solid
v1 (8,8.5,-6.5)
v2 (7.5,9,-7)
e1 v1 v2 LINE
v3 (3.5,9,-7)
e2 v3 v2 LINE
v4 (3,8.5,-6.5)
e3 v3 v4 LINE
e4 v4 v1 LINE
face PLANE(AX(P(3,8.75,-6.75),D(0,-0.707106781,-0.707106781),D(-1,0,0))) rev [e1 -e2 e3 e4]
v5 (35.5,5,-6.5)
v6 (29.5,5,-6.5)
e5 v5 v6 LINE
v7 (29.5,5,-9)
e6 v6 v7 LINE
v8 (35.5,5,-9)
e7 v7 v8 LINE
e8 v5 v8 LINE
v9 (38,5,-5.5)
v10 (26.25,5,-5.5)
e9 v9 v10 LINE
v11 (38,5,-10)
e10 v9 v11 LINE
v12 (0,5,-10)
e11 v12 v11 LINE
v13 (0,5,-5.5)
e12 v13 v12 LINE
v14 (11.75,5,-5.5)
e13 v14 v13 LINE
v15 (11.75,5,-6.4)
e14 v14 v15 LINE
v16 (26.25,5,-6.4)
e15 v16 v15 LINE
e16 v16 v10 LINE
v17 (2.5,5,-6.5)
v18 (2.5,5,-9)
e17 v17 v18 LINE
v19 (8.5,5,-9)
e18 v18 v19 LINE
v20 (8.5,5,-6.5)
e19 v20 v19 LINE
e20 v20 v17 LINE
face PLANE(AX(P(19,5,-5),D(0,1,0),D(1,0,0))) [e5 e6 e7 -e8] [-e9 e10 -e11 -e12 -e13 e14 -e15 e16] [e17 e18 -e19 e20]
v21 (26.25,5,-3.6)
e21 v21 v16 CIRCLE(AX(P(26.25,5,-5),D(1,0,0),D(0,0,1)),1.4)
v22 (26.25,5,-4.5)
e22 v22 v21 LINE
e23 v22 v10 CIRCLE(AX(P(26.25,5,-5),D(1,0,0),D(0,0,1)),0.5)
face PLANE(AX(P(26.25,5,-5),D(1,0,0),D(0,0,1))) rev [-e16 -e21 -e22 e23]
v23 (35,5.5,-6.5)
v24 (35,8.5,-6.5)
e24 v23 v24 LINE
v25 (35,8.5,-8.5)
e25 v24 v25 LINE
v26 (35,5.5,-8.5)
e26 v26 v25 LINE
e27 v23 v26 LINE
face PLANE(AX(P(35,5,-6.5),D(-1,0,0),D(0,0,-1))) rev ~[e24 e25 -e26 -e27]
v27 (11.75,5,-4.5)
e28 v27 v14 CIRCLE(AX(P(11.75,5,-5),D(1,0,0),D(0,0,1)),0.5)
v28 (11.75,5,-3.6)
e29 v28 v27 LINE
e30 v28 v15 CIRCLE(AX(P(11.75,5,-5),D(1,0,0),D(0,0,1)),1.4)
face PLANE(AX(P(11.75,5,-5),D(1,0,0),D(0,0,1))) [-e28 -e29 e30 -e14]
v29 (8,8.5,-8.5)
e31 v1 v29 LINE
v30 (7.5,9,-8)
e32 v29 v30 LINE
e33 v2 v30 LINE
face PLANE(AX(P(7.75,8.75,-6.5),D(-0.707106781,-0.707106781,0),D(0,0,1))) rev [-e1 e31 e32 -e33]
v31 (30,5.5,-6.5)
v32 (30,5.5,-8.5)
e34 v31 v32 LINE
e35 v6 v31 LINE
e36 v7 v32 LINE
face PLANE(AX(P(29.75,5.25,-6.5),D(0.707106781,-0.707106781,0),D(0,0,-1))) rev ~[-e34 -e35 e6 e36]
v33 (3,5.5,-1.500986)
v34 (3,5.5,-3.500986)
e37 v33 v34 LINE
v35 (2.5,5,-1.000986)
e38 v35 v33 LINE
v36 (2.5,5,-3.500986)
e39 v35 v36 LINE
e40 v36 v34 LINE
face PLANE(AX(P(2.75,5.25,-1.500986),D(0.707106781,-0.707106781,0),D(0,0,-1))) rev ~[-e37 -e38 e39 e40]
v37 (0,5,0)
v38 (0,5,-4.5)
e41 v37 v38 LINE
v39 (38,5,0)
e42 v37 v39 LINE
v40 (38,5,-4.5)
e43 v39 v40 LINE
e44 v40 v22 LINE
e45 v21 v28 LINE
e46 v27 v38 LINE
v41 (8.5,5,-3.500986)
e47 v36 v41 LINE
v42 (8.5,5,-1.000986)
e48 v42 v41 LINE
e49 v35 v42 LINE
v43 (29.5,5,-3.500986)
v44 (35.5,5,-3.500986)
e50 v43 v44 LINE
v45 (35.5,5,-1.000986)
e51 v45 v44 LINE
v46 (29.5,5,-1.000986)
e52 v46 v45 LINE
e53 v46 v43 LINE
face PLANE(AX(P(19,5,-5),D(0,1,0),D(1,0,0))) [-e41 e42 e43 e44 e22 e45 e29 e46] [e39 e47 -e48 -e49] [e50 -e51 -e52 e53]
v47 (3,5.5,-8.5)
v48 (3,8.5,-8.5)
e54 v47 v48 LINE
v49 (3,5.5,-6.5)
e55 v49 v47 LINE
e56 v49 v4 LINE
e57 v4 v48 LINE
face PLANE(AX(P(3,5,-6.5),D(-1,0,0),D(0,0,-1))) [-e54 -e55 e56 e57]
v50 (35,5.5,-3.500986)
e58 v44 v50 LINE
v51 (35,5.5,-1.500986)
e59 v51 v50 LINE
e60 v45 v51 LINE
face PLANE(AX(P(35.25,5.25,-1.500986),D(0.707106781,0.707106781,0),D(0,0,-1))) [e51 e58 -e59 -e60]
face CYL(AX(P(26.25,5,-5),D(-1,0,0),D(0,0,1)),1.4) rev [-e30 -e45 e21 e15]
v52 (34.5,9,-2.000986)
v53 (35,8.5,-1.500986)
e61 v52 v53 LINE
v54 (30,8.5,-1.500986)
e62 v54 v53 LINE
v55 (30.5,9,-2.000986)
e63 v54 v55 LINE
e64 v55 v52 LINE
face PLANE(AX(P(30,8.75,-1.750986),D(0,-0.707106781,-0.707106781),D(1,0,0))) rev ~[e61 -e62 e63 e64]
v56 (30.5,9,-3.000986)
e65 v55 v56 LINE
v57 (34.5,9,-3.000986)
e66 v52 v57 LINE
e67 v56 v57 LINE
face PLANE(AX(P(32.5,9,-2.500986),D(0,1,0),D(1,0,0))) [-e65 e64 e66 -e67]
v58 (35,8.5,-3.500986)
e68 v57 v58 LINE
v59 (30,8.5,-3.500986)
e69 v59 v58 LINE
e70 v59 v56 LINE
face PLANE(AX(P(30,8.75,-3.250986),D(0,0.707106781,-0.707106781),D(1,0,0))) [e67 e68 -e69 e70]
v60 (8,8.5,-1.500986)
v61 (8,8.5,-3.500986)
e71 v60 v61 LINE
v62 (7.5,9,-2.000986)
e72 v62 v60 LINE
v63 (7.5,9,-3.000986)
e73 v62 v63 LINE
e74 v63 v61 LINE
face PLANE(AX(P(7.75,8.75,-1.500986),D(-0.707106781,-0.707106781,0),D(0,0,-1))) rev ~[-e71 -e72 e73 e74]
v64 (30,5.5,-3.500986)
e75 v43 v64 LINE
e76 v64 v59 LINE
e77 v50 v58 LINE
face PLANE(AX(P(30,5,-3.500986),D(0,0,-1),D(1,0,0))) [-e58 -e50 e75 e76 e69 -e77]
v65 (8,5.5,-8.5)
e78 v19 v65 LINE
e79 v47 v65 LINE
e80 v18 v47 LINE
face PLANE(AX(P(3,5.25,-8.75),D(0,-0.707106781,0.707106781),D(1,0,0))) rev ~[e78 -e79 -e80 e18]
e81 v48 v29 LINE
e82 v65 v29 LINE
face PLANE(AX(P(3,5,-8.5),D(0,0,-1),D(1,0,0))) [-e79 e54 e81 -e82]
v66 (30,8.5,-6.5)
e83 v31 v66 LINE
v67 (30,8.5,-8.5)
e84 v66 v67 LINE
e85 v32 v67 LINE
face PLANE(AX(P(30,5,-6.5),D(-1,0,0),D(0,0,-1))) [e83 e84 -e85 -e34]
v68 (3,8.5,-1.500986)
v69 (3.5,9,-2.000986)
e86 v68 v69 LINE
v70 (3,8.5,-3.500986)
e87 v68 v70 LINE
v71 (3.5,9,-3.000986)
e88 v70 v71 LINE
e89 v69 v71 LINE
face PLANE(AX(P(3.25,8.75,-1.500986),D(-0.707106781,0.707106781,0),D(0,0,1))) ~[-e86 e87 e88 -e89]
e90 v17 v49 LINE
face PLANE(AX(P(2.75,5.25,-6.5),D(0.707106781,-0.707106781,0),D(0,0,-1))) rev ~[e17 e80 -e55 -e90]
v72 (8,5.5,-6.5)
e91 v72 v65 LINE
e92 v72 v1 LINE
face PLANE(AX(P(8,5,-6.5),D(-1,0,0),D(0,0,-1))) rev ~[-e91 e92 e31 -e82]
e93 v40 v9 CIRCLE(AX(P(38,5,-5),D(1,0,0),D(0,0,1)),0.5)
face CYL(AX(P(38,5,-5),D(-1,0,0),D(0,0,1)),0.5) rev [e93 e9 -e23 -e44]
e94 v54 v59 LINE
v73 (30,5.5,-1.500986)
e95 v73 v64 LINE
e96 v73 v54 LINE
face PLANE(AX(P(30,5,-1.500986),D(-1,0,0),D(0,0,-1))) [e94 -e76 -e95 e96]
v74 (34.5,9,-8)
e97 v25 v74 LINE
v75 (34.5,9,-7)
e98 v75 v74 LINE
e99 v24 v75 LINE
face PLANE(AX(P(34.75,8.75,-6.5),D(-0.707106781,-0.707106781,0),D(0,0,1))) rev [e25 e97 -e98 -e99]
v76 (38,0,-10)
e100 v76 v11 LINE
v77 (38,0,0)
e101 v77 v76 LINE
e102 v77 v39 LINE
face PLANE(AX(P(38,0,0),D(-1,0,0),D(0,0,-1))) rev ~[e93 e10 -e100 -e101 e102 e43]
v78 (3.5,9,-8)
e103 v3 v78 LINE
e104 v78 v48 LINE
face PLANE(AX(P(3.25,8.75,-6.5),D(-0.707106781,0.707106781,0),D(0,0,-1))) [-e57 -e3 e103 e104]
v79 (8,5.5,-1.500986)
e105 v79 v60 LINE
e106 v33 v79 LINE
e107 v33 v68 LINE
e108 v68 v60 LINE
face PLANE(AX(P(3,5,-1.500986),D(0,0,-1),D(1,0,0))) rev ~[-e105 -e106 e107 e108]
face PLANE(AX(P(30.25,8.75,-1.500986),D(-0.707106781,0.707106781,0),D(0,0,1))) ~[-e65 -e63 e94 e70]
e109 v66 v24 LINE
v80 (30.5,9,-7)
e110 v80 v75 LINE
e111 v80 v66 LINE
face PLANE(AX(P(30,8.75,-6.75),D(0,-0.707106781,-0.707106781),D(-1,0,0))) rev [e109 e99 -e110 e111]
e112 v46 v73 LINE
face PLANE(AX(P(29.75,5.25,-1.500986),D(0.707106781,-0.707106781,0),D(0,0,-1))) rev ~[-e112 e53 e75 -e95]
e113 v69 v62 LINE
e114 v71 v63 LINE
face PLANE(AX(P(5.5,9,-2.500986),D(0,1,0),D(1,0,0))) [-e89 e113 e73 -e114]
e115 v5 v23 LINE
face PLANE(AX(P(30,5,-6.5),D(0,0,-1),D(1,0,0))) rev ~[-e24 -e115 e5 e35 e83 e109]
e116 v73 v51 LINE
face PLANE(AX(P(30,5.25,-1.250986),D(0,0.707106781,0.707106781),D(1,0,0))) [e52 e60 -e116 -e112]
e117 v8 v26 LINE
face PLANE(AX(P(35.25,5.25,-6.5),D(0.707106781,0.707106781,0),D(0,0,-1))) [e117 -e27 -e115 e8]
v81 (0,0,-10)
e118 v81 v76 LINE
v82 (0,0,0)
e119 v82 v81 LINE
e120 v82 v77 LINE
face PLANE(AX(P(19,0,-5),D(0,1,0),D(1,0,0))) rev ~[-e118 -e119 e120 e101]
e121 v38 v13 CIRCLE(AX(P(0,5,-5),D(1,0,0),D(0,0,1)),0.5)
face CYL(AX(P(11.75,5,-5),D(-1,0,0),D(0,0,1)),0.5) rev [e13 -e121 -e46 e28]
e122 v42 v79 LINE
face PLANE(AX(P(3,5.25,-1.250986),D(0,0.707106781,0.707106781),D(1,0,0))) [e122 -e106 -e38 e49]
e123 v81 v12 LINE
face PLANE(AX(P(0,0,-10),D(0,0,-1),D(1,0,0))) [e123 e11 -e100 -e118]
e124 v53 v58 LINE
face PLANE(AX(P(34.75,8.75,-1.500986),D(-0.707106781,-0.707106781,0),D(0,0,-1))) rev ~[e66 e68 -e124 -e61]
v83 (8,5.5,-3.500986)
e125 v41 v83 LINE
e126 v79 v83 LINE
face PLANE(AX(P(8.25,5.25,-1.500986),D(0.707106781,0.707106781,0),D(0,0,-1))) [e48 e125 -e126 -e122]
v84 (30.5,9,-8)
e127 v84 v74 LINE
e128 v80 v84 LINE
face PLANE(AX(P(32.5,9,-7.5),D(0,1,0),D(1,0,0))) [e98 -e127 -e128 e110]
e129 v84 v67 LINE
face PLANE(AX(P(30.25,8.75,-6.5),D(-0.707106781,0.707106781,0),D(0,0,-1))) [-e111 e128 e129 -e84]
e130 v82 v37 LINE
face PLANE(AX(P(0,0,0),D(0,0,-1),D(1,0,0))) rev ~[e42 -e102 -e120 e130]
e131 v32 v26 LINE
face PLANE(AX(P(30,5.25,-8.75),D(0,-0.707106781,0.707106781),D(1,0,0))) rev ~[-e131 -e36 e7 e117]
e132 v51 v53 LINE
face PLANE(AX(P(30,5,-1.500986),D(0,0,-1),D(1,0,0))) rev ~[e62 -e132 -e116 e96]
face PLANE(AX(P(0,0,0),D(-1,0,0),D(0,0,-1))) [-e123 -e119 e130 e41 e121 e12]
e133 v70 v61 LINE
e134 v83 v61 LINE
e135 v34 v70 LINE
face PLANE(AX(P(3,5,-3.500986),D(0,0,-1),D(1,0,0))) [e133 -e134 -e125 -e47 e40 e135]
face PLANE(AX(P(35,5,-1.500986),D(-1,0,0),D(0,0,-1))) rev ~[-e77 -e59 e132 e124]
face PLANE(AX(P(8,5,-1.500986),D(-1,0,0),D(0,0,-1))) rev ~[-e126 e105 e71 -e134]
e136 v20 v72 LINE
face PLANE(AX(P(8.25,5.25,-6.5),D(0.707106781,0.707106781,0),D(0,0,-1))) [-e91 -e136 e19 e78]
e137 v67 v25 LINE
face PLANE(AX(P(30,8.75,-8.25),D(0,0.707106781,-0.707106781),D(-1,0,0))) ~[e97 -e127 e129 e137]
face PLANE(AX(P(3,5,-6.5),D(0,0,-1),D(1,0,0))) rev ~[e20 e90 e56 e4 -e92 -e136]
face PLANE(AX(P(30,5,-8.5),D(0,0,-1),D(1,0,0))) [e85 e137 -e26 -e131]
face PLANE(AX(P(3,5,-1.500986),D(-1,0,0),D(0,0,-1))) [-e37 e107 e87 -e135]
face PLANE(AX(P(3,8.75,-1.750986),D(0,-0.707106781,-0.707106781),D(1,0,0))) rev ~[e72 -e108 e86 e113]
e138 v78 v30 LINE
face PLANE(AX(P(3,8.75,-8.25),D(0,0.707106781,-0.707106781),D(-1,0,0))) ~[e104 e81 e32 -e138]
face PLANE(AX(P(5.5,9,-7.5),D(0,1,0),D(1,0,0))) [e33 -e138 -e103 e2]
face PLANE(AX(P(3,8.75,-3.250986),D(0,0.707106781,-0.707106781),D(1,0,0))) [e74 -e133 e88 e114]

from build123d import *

# Parameters (mm, degrees)
SKETCH1_W           = 38
SKETCH1_H           = 10
BOSS_EXTRUDE1_DEPTH = 5
SKETCH3_W           = 5
SKETCH3_H           = 2
BOSS_EXTRUDE2_DEPTH = 4
CHAMFER1_SIZE       = 0.5
CHAMFER2_SIZE       = 0.5


with BuildPart() as part:
    # Sketch1 → Boss-Extrude1 (new body)
    with BuildSketch(Plane(origin=(0, 0, 0), x_dir=(1, 0, 0), z_dir=(0, 1, 0))):
        with Locations((19, 5)):
            Rectangle(SKETCH1_W, SKETCH1_H)
    extrude(amount=BOSS_EXTRUDE1_DEPTH)

    # Sketch2 → Cut-Revolve1 (revolve, cut)
    with BuildSketch(Plane(origin=(0, 5, 0), x_dir=(1, 0, 0), z_dir=(0, 1, 0))):
        Polygon((0, 5), (38, 5), (38, 4.5), (26.25, 4.5), (26.25, 3.6), (11.75, 3.6), (11.75, 4.5), (0, 4.5), align=None)
    revolve(axis=Axis((0, 5, -5), (1, 0, 0)), mode=Mode.SUBTRACT)

    # Sketch3 → Boss-Extrude2 (add)
    with BuildSketch(Plane(origin=(0, 5, 0), x_dir=(1, 0, 0), z_dir=(0, 1, 0))):
        with Locations((5.5, 7.5)):
            Rectangle(SKETCH3_W, SKETCH3_H)
        with Locations((32.5, 7.5)):
            Rectangle(SKETCH3_W, SKETCH3_H)
        with Locations((32.5, 2.500985925)):
            Rectangle(SKETCH3_W, SKETCH3_H)
        with Locations((5.5, 2.500985925)):
            Rectangle(SKETCH3_W, SKETCH3_H)
    extrude(amount=BOSS_EXTRUDE2_DEPTH)

    # Chamfer1
    chamfer1_edges = [part.edges().sort_by_distance(p)[0] for p in [
        (3, 5, -7.5),
        (8, 5, -7.5),
        (5.5, 5, -8.5),
        (30, 5, -7.5),
        (35, 5, -7.5),
        (32.5, 5, -8.5),
        (30, 5, -2.500985925),
        (32.5, 5, -1.500985925),
        (35, 5, -2.500985925),
        (3, 5, -2.500985925),
        (5.5, 5, -1.500985925),
        (8, 5, -2.500985925),
    ]]
    chamfer(chamfer1_edges, length=CHAMFER1_SIZE)

    # Chamfer2
    chamfer2_edges = [part.edges().sort_by_distance(p)[0] for p in [
        (3, 9, -7.5),
        (5.5, 9, -6.5),
        (8, 9, -7.5),
        (5.5, 9, -8.5),
        (30, 9, -7.5),
        (32.5, 9, -6.5),
        (35, 9, -7.5),
        (32.5, 9, -8.5),
        (30, 9, -2.500985925),
        (32.5, 9, -1.500985925),
        (35, 9, -2.500985925),
        (32.5, 9, -3.500985925),
        (3, 9, -2.500985925),
        (5.5, 9, -1.500985925),
        (8, 9, -2.500985925),
        (5.5, 9, -3.500985925),
    ]]
    chamfer(chamfer2_edges, length=CHAMFER2_SIZE)


solid = part.part
